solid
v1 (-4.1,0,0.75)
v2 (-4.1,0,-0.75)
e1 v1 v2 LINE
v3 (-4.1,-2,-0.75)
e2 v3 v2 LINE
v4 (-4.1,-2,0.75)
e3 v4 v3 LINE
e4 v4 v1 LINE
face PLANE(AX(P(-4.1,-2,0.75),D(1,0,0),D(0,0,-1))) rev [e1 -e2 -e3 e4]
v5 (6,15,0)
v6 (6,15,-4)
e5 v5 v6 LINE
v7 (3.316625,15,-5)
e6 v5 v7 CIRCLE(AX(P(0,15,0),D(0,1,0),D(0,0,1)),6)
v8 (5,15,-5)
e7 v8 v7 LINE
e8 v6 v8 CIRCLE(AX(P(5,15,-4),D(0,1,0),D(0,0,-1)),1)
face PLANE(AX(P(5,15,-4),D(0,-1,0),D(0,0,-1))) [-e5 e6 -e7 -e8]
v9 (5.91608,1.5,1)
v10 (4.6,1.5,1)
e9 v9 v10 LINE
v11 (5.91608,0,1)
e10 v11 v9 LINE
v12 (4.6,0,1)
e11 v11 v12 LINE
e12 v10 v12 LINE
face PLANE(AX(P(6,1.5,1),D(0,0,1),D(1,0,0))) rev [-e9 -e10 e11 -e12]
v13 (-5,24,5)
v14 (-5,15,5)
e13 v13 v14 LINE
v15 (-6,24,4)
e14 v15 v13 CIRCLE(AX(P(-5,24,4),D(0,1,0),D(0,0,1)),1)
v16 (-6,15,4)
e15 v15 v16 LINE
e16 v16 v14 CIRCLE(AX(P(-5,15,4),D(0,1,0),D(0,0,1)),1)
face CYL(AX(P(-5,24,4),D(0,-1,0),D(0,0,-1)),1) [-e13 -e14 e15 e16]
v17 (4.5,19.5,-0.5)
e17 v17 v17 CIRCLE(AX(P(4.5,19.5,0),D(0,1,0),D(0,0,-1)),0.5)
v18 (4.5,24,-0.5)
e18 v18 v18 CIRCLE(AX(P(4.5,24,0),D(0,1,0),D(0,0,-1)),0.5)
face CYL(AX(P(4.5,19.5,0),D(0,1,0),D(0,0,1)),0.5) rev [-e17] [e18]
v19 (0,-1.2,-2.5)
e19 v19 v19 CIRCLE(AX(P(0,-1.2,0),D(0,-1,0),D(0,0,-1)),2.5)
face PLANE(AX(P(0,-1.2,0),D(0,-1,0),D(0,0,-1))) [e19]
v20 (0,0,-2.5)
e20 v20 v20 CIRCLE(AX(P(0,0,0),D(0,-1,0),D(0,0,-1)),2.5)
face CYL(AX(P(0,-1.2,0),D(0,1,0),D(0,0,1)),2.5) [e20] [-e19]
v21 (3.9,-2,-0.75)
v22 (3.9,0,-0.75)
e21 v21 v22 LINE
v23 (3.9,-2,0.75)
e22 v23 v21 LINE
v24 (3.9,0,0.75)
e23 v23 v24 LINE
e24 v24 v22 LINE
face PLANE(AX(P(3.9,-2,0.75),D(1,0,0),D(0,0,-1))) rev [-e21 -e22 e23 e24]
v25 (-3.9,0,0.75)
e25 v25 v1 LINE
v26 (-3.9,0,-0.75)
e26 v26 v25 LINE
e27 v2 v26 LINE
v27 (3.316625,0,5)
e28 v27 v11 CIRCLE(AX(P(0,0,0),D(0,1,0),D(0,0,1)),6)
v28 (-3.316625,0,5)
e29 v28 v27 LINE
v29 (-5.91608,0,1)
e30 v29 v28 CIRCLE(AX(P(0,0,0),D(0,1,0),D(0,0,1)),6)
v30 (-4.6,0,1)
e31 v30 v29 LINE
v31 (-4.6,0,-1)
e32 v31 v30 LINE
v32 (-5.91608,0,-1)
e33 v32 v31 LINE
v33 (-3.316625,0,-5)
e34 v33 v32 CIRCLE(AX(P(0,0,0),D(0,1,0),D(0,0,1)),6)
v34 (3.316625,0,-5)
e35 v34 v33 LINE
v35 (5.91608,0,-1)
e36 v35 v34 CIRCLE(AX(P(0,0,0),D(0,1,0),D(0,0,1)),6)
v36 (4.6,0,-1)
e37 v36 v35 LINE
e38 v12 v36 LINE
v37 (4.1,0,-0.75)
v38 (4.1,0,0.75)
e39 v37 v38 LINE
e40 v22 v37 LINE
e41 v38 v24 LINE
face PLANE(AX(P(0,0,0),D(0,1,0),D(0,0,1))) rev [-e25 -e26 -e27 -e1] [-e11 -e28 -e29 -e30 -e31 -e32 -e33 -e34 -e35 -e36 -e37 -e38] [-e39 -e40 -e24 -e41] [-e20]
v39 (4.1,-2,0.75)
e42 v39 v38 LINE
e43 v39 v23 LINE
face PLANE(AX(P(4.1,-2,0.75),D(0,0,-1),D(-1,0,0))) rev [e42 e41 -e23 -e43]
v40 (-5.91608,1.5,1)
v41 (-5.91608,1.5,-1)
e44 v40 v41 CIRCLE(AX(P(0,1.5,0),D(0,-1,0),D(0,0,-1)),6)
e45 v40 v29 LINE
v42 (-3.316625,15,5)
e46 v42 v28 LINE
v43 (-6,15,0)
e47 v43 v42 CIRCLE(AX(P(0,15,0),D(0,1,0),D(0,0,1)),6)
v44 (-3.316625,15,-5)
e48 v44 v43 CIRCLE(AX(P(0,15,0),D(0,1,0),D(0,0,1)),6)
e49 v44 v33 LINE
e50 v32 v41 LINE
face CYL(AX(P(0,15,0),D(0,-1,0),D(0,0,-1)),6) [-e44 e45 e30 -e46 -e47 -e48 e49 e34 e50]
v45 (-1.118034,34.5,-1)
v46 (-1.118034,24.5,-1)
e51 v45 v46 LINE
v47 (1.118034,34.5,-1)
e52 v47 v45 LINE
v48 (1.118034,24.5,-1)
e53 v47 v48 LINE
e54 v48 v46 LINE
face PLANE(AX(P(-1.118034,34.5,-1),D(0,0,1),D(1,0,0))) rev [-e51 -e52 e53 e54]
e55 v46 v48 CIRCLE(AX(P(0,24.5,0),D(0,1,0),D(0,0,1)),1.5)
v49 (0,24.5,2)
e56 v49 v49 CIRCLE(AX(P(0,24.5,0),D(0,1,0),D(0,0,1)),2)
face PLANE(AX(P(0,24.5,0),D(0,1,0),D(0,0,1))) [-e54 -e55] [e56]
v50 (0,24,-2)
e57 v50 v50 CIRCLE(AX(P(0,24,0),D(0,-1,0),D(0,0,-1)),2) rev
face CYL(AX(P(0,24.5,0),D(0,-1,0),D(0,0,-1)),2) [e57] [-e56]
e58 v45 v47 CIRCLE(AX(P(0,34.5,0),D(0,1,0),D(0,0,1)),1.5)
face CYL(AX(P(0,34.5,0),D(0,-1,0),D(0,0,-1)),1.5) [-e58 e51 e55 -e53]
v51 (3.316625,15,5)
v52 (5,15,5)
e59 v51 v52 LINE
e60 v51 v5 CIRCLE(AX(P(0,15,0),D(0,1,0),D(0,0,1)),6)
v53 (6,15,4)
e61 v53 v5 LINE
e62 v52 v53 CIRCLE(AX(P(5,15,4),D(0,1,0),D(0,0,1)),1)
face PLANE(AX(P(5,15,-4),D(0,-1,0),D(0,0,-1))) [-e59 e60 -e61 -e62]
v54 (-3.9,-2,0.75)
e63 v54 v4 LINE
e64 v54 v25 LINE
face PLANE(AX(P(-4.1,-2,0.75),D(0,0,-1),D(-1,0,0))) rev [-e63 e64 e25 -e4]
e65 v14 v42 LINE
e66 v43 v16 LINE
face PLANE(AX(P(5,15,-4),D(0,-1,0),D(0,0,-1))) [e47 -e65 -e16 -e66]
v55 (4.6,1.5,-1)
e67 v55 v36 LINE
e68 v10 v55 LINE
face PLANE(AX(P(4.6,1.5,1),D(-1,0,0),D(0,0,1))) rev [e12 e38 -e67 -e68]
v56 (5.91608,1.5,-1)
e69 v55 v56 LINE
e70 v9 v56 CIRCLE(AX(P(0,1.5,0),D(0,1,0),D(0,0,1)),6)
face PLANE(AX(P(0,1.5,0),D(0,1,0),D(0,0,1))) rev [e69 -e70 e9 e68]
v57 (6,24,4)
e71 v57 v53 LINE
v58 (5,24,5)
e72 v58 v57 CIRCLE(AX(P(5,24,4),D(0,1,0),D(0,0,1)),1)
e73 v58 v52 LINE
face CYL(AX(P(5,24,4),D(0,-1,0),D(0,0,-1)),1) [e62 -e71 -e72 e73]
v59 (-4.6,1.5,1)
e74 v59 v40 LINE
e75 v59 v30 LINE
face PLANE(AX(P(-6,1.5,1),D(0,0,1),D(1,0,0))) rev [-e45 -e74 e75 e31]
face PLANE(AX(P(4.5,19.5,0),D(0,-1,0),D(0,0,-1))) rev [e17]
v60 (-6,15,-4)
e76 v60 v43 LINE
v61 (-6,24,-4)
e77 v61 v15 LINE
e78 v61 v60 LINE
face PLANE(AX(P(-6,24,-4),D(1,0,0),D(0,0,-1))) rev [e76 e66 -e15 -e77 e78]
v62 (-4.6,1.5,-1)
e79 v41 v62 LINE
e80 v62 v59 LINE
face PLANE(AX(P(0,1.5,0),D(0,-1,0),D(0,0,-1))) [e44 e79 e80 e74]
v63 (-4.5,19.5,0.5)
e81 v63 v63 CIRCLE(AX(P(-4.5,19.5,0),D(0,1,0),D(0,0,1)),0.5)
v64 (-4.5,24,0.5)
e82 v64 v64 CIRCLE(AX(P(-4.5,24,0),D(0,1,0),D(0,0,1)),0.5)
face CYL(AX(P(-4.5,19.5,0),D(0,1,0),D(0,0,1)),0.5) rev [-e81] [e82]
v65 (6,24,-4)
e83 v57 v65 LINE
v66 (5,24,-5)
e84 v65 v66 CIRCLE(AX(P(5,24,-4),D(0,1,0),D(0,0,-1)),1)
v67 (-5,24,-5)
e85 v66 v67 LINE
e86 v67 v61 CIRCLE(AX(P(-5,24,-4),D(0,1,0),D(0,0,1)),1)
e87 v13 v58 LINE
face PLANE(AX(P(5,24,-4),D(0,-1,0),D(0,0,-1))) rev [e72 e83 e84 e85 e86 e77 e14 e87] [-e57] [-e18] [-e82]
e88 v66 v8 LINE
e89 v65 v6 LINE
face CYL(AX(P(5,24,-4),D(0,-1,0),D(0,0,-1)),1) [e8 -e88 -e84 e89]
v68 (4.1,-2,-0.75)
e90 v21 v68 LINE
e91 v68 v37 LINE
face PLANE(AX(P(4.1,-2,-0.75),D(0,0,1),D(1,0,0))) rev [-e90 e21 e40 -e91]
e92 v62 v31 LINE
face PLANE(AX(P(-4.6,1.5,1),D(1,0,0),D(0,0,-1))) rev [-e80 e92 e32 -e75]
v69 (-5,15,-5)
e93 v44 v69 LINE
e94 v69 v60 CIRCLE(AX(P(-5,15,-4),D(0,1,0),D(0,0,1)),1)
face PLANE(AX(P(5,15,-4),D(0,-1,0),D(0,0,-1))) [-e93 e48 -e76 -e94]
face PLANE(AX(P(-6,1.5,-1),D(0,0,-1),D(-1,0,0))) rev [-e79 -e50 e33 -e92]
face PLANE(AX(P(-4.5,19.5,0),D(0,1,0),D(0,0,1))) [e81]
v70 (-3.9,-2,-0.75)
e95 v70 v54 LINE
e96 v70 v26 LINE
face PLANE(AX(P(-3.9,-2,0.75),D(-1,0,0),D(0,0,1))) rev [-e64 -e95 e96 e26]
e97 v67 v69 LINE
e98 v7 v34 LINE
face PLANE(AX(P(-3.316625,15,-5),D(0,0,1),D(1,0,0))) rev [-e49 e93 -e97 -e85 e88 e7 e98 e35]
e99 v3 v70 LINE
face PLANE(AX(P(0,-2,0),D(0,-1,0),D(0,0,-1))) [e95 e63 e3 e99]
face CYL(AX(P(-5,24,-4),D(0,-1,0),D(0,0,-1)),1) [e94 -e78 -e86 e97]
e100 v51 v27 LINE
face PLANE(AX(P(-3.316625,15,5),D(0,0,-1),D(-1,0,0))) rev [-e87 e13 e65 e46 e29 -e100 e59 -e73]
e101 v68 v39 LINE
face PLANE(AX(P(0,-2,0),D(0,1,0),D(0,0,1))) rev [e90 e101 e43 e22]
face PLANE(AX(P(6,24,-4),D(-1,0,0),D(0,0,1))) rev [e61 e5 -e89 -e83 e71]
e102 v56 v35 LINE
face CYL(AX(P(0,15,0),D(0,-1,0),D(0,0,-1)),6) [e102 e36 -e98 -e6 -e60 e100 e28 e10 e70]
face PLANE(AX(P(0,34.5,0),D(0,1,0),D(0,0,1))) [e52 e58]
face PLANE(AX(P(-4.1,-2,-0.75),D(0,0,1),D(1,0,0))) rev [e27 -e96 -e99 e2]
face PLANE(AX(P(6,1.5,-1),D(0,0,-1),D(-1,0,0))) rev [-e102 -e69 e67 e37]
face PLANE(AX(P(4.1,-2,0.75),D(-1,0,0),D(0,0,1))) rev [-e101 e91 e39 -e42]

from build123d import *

# Parameters (mm, degrees)
BOSS_EXTRUDE1_DEPTH = 15
SKETCH2_R           = 2.5
BOSS_EXTRUDE2_DEPTH = 1.2
SKETCH3_W           = 0.2
SKETCH3_H           = 1.5
BOSS_EXTRUDE3_DEPTH = 2
SKETCH4_W           = 1.4
SKETCH4_H           = 2
CUT_EXTRUDE1_DEPTH  = 1.5
BOSS_EXTRUDE4_DEPTH = 9
BOSS_EXTRUDE5_DEPTH = 10.5
SKETCH7_R           = 2
BOSS_EXTRUDE6_DEPTH = 0.5
SKETCH8_R           = 0.5
CUT_EXTRUDE2_DEPTH  = 4.5


with BuildPart() as part:
    # Sketch1 → Boss-Extrude1 (new body)
    with BuildSketch(Plane(origin=(0, 0, 0), x_dir=(1, 0, 0), z_dir=(0, 1, 0))):
        with BuildLine():
            Line((-3.31662479, 5), (3.31662479, 5))
            ThreePointArc((3.31662479, 5), (6, 0), (3.31662479, -5))
            Line((3.31662479, -5), (-3.31662479, -5))
            ThreePointArc((-3.31662479, -5), (-6, 0), (-3.31662479, 5))
        make_face()
    extrude(amount=BOSS_EXTRUDE1_DEPTH)

    # Sketch2 → Boss-Extrude2 (add)
    with BuildSketch(Plane.XZ):
        with Locations(Location((0, 0, 0), (0, 0, 270))):
            Circle(SKETCH2_R)
    extrude(amount=BOSS_EXTRUDE2_DEPTH)

    # Sketch3 → Boss-Extrude3 (add)
    with BuildSketch(Plane.XZ):
        with Locations((4, 0)):
            Rectangle(SKETCH3_W, SKETCH3_H)
        with Locations((-4, 0)):
            Rectangle(SKETCH3_W, SKETCH3_H)
    extrude(amount=BOSS_EXTRUDE3_DEPTH)

    # Sketch4 → Cut-Extrude1 (cut)
    with BuildSketch(Plane.XZ):
        with Locations((-5.3, 0)):
            Rectangle(SKETCH4_W, SKETCH4_H)
        with Locations((5.3, 0)):
            Rectangle(SKETCH4_W, SKETCH4_H)
    extrude(amount=-CUT_EXTRUDE1_DEPTH, mode=Mode.SUBTRACT)

    # Sketch5 → Boss-Extrude4 (add)
    with BuildSketch(Plane(origin=(0, 15, 0), x_dir=(1, 0, 0), z_dir=(0, 1, 0))):
        with BuildLine():
            Line((-5, 5), (5, 5))
            ThreePointArc((5, 5), (5.707106781, 4.707106781), (6, 4))
            Line((6, 4), (6, -4))
            ThreePointArc((6, -4), (5.707106781, -4.707106781), (5, -5))
            Line((5, -5), (-5, -5))
            ThreePointArc((-5, -5), (-5.707106781, -4.707106781), (-6, -4))
            Line((-6, -4), (-6, 4))
            ThreePointArc((-6, 4), (-5.707106781, 4.707106781), (-5, 5))
        make_face()
    extrude(amount=BOSS_EXTRUDE4_DEPTH)

    # Sketch6 → Boss-Extrude5 (add)
    with BuildSketch(Plane(origin=(0, 24, 0), x_dir=(1, 0, 0), z_dir=(0, 1, 0))):
        with BuildLine():
            Line((-1.118033989, 1), (1.118033989, 1))
            ThreePointArc((1.118033989, 1), (0, -1.5), (-1.118033989, 1))
        make_face()
    extrude(amount=BOSS_EXTRUDE5_DEPTH)

    # Sketch7 → Boss-Extrude6 (add)
    with BuildSketch(Plane(origin=(0, 24, 0), x_dir=(1, 0, 0), z_dir=(0, 1, 0))):
        with Locations(Location((0, 0, 0), (0, 0, 90))):
            Circle(SKETCH7_R)
    extrude(amount=BOSS_EXTRUDE6_DEPTH)

    # Sketch8 → Cut-Extrude2 (cut)
    with BuildSketch(Plane(origin=(0, 24, 0), x_dir=(1, 0, 0), z_dir=(0, 1, 0))):
        with Locations(Location((-4.5, 0, 0), (0, 0, 270))):
            Circle(SKETCH8_R)
        with Locations(Location((4.5, 0, 0), (0, 0, 90))):
            Circle(SKETCH8_R)
    extrude(amount=-CUT_EXTRUDE2_DEPTH, mode=Mode.SUBTRACT)


solid = part.part
